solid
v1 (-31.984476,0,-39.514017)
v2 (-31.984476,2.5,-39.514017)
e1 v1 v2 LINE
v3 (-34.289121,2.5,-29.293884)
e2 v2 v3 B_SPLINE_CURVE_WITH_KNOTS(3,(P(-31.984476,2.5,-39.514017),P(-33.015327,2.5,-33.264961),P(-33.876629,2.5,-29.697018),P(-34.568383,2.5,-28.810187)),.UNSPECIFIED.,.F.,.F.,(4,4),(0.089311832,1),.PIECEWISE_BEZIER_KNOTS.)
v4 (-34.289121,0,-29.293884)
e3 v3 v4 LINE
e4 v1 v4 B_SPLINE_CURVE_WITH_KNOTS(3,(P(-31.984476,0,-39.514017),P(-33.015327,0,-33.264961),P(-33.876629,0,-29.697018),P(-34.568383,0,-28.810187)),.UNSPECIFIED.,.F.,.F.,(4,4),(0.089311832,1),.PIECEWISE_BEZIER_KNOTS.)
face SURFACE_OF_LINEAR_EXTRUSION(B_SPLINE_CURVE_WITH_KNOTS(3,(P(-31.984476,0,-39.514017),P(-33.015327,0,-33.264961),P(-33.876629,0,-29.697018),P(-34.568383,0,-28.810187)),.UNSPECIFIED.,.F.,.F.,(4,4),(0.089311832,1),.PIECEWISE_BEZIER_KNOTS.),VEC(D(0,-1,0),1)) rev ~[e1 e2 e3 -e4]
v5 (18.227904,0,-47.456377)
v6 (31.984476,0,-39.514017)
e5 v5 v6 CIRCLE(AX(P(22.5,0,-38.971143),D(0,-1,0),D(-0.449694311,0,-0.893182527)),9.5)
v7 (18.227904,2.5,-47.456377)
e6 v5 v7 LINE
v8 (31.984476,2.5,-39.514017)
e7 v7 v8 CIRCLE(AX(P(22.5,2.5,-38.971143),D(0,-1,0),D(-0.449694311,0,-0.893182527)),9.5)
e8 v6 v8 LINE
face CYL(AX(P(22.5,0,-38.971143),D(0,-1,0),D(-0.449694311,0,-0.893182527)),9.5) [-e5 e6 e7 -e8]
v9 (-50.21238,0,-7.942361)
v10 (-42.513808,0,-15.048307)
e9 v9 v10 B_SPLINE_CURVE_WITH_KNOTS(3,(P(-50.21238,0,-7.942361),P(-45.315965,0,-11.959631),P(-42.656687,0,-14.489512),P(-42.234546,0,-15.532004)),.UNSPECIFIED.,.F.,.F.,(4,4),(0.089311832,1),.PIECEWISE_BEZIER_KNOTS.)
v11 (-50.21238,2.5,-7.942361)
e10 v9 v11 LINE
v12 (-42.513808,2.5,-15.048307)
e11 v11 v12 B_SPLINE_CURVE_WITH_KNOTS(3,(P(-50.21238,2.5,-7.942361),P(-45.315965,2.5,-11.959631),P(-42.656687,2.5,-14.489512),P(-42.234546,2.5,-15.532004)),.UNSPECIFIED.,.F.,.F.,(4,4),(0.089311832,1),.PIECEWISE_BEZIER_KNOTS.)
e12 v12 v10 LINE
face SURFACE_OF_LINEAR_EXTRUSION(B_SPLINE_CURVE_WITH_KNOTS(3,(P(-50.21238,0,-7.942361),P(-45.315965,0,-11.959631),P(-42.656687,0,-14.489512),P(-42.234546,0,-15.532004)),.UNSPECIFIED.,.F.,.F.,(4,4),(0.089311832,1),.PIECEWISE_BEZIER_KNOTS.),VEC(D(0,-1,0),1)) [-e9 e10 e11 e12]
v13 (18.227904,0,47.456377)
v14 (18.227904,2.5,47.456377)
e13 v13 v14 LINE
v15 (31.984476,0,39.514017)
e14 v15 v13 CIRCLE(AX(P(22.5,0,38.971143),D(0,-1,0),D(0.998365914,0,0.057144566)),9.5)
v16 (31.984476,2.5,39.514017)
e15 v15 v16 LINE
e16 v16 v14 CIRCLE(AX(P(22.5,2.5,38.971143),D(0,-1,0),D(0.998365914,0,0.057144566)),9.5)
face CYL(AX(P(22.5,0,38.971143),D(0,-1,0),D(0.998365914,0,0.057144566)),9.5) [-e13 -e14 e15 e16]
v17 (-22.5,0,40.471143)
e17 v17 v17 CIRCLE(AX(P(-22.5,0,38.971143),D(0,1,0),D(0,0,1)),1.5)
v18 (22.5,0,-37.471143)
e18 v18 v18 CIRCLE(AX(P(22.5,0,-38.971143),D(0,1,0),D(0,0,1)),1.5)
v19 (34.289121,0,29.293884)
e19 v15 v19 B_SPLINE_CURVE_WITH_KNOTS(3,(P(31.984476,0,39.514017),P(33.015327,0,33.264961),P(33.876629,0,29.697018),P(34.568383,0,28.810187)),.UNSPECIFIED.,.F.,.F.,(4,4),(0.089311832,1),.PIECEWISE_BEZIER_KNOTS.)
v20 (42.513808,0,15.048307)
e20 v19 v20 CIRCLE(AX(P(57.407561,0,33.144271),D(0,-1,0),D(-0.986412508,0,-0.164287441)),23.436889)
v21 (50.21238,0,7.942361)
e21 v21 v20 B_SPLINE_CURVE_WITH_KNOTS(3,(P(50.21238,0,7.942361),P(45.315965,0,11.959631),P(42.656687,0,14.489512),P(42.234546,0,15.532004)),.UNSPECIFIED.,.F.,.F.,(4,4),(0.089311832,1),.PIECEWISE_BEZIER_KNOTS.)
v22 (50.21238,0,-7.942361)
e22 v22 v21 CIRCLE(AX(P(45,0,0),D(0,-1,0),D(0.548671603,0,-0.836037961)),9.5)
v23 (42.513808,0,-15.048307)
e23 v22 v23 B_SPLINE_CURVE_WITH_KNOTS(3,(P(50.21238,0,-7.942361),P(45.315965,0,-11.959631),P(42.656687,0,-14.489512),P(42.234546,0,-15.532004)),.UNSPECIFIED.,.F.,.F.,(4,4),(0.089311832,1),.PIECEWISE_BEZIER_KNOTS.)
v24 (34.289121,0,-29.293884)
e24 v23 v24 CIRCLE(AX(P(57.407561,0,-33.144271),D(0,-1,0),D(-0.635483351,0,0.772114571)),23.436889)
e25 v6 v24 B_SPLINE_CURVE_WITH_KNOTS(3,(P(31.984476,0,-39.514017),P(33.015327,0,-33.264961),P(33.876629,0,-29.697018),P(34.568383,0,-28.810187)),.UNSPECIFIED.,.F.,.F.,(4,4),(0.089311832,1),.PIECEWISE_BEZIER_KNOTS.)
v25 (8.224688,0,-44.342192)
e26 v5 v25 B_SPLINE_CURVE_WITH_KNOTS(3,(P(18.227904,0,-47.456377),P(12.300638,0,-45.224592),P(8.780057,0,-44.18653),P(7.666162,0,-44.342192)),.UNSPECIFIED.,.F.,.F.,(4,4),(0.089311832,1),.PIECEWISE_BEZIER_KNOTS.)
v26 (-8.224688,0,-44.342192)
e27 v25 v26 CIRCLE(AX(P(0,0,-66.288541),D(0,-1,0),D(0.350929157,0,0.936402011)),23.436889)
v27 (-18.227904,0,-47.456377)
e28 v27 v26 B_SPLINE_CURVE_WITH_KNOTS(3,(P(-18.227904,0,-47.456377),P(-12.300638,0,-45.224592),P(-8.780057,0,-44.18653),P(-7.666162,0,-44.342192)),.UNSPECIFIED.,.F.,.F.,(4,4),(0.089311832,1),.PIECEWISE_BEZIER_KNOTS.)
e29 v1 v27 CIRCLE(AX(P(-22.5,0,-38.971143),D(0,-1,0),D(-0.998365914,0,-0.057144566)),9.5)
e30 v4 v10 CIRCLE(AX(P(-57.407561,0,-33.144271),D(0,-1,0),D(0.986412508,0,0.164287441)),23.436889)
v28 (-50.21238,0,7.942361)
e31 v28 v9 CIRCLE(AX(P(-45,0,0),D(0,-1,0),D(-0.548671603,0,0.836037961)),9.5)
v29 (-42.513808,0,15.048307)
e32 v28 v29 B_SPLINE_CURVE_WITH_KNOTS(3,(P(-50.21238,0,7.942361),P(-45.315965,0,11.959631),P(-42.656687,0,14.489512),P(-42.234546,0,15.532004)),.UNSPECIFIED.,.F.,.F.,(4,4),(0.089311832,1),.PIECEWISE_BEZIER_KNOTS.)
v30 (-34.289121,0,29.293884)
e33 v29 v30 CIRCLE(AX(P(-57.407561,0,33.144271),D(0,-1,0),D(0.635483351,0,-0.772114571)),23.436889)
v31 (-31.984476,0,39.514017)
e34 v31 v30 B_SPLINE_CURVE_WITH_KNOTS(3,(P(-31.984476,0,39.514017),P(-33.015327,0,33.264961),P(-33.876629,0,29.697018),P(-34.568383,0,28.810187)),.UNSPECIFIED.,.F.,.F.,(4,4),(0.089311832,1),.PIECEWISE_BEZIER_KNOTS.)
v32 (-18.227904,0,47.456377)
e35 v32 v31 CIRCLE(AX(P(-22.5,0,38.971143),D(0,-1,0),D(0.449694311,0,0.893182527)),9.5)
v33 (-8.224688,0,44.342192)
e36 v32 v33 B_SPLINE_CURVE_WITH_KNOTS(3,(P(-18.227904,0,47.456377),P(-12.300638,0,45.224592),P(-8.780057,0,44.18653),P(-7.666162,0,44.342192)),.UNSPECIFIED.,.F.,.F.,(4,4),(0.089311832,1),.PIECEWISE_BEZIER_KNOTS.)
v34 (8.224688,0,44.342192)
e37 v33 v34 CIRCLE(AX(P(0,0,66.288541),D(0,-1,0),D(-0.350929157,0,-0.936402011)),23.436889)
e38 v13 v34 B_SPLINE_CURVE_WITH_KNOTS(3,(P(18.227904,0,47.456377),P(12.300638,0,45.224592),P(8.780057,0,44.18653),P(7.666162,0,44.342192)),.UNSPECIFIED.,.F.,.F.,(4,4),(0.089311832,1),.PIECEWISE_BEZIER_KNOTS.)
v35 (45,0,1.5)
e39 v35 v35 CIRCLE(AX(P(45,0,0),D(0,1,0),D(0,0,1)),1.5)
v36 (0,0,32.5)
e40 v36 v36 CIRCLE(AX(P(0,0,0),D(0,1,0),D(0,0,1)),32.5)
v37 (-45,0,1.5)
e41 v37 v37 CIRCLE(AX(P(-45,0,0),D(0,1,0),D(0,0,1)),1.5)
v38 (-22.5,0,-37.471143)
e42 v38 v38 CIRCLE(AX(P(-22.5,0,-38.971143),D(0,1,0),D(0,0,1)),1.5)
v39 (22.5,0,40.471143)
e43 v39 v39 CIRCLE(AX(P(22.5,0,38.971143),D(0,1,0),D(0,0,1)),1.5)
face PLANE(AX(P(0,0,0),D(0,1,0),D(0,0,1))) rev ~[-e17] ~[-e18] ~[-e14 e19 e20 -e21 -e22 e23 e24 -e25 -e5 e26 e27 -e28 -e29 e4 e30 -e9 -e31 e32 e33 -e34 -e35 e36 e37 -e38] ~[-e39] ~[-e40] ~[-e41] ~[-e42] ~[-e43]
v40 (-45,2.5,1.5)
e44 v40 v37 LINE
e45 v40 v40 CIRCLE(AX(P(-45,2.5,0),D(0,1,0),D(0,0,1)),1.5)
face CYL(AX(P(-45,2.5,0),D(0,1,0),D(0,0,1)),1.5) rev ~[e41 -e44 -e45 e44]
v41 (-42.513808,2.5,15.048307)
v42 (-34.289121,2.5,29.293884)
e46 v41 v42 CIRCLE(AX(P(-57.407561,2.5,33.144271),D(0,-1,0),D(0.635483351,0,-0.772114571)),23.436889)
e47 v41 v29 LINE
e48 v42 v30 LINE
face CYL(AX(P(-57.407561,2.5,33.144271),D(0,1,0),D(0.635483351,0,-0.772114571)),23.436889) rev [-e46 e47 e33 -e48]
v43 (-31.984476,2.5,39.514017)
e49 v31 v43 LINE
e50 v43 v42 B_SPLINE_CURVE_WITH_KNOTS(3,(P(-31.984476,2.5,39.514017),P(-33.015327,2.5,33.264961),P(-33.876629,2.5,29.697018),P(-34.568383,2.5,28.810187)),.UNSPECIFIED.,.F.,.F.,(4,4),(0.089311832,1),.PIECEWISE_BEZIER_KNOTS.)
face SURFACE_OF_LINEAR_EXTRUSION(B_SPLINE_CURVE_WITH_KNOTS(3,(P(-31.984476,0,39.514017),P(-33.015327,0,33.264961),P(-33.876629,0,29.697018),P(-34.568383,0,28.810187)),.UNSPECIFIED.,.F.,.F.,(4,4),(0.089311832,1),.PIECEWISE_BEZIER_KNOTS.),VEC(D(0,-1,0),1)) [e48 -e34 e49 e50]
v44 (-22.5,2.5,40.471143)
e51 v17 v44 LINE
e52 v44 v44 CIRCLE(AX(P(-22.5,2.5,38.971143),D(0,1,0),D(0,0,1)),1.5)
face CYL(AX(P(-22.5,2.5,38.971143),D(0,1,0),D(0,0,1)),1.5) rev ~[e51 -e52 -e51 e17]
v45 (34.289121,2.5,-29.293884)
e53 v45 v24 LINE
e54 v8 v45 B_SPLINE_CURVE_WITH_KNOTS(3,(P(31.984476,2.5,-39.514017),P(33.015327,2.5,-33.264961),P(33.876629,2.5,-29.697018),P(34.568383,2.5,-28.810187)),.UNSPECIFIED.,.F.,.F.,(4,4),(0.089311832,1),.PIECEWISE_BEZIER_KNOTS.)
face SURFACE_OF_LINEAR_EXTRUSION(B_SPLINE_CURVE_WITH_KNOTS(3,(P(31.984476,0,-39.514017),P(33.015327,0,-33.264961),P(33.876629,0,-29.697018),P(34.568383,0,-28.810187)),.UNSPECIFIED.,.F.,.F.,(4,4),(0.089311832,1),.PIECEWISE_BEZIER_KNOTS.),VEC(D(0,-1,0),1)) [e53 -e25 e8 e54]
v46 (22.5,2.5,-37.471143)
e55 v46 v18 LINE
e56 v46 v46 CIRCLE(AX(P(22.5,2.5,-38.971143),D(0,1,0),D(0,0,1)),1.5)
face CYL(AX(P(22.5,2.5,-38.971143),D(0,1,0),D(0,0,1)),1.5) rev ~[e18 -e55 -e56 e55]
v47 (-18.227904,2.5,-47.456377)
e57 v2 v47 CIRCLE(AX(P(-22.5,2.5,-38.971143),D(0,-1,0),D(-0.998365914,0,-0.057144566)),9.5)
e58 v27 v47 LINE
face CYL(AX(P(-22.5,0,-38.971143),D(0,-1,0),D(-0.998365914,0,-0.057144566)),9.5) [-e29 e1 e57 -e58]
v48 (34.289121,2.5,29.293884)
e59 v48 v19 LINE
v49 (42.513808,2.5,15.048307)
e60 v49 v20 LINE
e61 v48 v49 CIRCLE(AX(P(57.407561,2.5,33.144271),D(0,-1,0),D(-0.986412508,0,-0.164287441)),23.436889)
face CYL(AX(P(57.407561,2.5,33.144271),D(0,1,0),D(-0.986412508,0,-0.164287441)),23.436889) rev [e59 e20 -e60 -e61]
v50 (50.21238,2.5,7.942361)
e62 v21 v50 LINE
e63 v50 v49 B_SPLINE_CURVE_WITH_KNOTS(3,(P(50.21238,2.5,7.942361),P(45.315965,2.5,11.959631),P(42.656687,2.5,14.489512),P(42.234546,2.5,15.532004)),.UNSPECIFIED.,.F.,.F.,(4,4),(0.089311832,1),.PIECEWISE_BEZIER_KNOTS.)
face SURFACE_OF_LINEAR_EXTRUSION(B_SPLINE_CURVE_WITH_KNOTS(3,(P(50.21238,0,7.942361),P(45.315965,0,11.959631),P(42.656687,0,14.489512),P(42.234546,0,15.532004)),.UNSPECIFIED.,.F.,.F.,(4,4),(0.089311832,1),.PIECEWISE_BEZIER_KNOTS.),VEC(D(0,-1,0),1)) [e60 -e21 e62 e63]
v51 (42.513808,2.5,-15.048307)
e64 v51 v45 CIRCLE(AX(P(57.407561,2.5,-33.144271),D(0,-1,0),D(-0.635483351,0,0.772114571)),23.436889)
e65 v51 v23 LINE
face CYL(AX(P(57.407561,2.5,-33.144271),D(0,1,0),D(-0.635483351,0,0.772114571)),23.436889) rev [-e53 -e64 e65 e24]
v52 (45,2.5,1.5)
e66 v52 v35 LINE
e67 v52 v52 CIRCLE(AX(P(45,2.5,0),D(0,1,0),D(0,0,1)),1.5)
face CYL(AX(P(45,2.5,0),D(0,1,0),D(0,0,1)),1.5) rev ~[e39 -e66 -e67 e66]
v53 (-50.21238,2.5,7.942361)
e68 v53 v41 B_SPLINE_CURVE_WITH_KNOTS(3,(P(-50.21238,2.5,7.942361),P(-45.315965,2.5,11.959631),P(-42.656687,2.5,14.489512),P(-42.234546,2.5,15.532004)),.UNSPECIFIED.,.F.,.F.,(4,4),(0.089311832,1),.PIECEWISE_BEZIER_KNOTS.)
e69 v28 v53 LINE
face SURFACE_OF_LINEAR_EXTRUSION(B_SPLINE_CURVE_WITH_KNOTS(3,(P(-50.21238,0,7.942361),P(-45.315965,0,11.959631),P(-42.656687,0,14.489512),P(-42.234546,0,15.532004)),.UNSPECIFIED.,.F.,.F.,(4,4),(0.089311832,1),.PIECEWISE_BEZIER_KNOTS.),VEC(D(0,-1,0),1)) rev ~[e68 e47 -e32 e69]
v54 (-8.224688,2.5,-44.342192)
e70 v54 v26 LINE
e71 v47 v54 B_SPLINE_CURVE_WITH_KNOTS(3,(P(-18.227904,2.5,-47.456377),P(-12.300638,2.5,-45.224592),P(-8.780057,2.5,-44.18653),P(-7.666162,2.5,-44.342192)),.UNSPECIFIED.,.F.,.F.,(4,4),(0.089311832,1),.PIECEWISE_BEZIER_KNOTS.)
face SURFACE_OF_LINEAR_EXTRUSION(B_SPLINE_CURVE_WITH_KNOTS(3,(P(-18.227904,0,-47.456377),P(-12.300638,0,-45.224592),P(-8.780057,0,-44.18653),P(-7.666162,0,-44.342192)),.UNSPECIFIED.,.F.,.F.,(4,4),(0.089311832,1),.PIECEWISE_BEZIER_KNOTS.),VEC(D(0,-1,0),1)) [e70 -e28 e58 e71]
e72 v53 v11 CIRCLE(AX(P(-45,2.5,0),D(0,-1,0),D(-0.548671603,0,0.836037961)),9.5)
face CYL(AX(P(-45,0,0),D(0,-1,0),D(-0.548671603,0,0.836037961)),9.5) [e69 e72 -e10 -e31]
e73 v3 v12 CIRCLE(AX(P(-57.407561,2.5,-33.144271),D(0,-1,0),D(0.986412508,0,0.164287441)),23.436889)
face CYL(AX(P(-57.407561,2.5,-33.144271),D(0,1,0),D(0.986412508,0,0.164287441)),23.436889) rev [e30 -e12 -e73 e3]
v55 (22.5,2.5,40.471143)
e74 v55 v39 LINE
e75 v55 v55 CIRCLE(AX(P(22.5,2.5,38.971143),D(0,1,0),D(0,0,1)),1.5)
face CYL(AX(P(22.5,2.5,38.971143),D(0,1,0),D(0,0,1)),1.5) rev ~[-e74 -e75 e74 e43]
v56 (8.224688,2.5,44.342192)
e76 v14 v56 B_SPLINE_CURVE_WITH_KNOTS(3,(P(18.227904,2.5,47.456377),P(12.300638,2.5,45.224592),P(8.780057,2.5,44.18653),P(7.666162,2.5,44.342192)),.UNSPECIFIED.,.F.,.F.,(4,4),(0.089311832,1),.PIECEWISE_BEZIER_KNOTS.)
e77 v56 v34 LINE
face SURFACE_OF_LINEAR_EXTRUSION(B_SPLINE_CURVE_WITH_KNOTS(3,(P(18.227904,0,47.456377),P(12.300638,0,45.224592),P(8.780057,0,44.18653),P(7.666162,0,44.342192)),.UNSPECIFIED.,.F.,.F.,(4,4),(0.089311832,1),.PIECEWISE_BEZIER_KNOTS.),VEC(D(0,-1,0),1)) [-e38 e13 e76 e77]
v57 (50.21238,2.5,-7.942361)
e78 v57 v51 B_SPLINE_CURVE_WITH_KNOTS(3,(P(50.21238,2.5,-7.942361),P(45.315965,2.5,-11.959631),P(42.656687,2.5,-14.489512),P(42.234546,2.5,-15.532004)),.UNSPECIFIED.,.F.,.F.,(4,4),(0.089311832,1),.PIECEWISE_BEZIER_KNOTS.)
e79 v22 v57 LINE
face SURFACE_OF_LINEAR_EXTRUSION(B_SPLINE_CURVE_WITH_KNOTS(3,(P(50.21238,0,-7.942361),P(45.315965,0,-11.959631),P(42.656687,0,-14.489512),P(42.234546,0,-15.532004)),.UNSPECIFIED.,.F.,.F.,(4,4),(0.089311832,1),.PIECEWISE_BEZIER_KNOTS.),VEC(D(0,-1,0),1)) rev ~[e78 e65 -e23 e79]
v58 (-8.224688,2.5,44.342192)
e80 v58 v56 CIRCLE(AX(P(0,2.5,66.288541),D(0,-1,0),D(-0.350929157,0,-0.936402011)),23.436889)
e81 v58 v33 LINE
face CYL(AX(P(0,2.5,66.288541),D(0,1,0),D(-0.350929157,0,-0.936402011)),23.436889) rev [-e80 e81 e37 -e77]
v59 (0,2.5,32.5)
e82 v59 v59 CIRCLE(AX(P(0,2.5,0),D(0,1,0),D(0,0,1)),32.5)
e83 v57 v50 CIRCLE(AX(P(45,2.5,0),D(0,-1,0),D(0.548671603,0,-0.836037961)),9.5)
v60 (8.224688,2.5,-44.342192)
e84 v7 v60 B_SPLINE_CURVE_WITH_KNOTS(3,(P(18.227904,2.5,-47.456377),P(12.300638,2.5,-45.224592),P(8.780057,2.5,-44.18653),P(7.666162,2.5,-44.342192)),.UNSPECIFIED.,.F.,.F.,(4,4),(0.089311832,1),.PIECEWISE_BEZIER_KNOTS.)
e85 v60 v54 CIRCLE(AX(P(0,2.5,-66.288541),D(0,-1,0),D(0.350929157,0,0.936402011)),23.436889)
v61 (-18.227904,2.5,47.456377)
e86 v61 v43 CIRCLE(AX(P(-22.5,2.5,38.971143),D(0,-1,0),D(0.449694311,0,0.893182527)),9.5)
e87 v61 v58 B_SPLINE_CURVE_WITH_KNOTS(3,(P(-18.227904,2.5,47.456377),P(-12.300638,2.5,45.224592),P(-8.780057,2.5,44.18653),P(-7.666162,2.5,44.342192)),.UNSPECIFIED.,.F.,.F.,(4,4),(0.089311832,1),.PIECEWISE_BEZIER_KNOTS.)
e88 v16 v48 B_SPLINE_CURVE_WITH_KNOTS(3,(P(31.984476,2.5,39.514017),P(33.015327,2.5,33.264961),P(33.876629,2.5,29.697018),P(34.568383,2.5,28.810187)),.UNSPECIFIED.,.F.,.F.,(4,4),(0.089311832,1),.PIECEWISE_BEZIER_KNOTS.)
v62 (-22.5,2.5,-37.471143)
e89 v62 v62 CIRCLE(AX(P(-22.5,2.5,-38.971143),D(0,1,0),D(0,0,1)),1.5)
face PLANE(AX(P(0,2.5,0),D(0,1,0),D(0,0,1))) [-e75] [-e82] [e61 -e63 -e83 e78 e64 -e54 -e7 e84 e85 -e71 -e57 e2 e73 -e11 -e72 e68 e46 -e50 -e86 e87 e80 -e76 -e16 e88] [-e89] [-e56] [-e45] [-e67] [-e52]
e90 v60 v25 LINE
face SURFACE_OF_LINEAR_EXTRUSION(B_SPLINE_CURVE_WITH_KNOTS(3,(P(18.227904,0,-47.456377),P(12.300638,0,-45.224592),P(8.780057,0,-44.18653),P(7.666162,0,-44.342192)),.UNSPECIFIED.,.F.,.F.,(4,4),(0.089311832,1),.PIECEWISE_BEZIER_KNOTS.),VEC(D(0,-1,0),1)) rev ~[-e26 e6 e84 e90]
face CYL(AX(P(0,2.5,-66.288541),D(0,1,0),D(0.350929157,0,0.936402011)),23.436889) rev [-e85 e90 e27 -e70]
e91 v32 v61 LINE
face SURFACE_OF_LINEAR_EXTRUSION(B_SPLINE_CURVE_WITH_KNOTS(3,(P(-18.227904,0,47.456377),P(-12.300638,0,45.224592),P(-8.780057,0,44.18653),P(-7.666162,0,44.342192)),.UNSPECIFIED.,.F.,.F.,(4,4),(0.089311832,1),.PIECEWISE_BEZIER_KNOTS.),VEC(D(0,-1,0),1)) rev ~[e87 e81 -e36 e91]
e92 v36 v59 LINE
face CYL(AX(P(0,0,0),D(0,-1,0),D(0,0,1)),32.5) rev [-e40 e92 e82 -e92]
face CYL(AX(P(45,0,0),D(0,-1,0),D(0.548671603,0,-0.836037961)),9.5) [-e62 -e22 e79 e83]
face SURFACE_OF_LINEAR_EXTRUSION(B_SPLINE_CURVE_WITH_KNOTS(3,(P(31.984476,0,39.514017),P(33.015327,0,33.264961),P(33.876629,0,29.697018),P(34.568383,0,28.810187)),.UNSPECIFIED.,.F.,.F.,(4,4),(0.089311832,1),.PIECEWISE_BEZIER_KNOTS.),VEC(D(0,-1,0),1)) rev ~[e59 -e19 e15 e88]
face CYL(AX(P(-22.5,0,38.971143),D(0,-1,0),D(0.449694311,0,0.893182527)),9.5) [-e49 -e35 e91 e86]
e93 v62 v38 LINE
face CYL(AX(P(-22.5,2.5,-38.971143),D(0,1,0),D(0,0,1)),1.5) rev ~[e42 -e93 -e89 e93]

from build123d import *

# Parameters (mm, degrees)
SKETCH1_R           = 45
SKETCH1_R_2         = 32.5
BOSS_EXTRUDE2_DEPTH = 2.5
BOSS_EXTRUDE4_START = -2.5
BOSS_EXTRUDE4_DEPTH = 2.5
CIRPATTERN1_COUNT   = 6
CUT_EXTRUDE2_DEPTH  = 2.5
SKETCH6_R           = 1.5
CUT_EXTRUDE3_DEPTH  = 5


with BuildPart() as part:
    # Sketch1 → Boss-Extrude2 (new body)
    with BuildSketch(Plane(origin=(0, 0, 0), x_dir=(1, 0, 0), z_dir=(0, 1, 0))):
        with Locations(Location((0, 0, 0), (0, 0, 270))):
            Circle(SKETCH1_R)
        with Locations(Location((0, 0, 0), (0, 0, 270))):
            Circle(SKETCH1_R_2, mode=Mode.SUBTRACT)
    extrude(amount=BOSS_EXTRUDE2_DEPTH)

    # Sketch2 → Boss-Extrude4 (add)
    with BuildSketch(Plane(origin=(0, 2.5, 0), x_dir=(1, 0, 0), z_dir=(0, 1, 0)).offset(BOSS_EXTRUDE4_START)):
        with BuildLine():
            ThreePointArc((-42.23454554, 15.532004475), (-45, 0), (-42.23454554, -15.532004475))
            add(Edge.make_bspline(
                [(-50.212380227, -7.942360629), (-45.3159648, -11.95963121), (-42.656686571, -14.489512492), (-42.23454554, -15.532004475)],
                knots=[0.089311832, 0.089311832, 0.089311832, 0.089311832, 1, 1, 1, 1], degree=3))
            ThreePointArc((-50.212380227, -7.942360629), (-54.5, 0), (-50.212380227, 7.942360629))
            add(Edge.make_bspline(
                [(-50.212380227, 7.942360629), (-45.3159648, 11.95963121), (-42.656686571, 14.489512492), (-42.23454554, 15.532004475)],
                knots=[0.089311832, 0.089311832, 0.089311832, 0.089311832, 1, 1, 1, 1], degree=3))
        make_face()
    boss_extrude4 = extrude(amount=BOSS_EXTRUDE4_DEPTH)

    # CirPattern1: Boss-Extrude4 ×6 about axis
    cirpattern1_axis = Axis((0, 2.5, 0), (0, 1, 0))
    for i in range(1, CIRPATTERN1_COUNT):
        add(boss_extrude4.rotate(cirpattern1_axis, i * 360 / CIRPATTERN1_COUNT))

    # Sketch5 → Cut-Extrude2 (cut)
    with BuildSketch(Plane(origin=(0, 2.5, 0), x_dir=(1, 0, 0), z_dir=(0, 1, 0))):
        with BuildLine():
            Line((-8.22468756, 44.342191593), (0, 46.65782144))
            Line((0, 46.65782144), (8.22468756, 44.342191593))
            ThreePointArc((8.22468756, 44.342191593), (0, 42.851652617), (-8.22468756, 44.342191593))
        make_face()
        with BuildLine():
            Line((40.406858652, 23.32891072), (42.513808159, 15.048307431))
            ThreePointArc((42.513808159, 15.048307431), (37.11061976, 21.425826308), (34.289120599, 29.293884161))
            Line((34.289120599, 29.293884161), (40.406858652, 23.32891072))
        make_face()
        with BuildLine():
            Line((40.406858652, -23.32891072), (34.289120599, -29.293884161))
            ThreePointArc((34.289120599, -29.293884161), (37.11061976, -21.425826308), (42.513808159, -15.048307431))
            Line((42.513808159, -15.048307431), (40.406858652, -23.32891072))
        make_face()
        with BuildLine():
            Line((0, -46.65782144), (-8.22468756, -44.342191593))
            ThreePointArc((-8.22468756, -44.342191593), (0, -42.851652617), (8.22468756, -44.342191593))
            Line((8.22468756, -44.342191593), (0, -46.65782144))
        make_face()
        with BuildLine():
            Line((-40.406858652, -23.32891072), (-42.513808159, -15.048307431))
            ThreePointArc((-42.513808159, -15.048307431), (-37.11061976, -21.425826308), (-34.289120599, -29.293884161))
            Line((-34.289120599, -29.293884161), (-40.406858652, -23.32891072))
        make_face()
        with BuildLine():
            Line((-40.406858652, 23.32891072), (-34.289120599, 29.293884161))
            ThreePointArc((-34.289120599, 29.293884161), (-37.11061976, 21.425826308), (-42.513808159, 15.048307431))
            Line((-42.513808159, 15.048307431), (-40.406858652, 23.32891072))
        make_face()
    extrude(amount=-CUT_EXTRUDE2_DEPTH, mode=Mode.SUBTRACT)

    # Sketch6 → Cut-Extrude3 (cut, symmetric)
    with BuildSketch(Plane(origin=(0, 2.5, 0), x_dir=(1, 0, 0), z_dir=(0, 1, 0))):
        with Locations(Location((-45, 0, 0), (0, 0, 270))):
            Circle(SKETCH6_R)
        with Locations(Location((-22.5, 38.97114317, 0), (0, 0, 270))):
            Circle(SKETCH6_R)
        with Locations(Location((22.5, 38.97114317, 0), (0, 0, 270))):
            Circle(SKETCH6_R)
        with Locations(Location((45, 0, 0), (0, 0, 270))):
            Circle(SKETCH6_R)
        with Locations(Location((22.5, -38.97114317, 0), (0, 0, 270))):
            Circle(SKETCH6_R)
        with Locations(Location((-22.5, -38.97114317, 0), (0, 0, 270))):
            Circle(SKETCH6_R)
    extrude(amount=CUT_EXTRUDE3_DEPTH, both=True, mode=Mode.SUBTRACT)


solid = part.part
